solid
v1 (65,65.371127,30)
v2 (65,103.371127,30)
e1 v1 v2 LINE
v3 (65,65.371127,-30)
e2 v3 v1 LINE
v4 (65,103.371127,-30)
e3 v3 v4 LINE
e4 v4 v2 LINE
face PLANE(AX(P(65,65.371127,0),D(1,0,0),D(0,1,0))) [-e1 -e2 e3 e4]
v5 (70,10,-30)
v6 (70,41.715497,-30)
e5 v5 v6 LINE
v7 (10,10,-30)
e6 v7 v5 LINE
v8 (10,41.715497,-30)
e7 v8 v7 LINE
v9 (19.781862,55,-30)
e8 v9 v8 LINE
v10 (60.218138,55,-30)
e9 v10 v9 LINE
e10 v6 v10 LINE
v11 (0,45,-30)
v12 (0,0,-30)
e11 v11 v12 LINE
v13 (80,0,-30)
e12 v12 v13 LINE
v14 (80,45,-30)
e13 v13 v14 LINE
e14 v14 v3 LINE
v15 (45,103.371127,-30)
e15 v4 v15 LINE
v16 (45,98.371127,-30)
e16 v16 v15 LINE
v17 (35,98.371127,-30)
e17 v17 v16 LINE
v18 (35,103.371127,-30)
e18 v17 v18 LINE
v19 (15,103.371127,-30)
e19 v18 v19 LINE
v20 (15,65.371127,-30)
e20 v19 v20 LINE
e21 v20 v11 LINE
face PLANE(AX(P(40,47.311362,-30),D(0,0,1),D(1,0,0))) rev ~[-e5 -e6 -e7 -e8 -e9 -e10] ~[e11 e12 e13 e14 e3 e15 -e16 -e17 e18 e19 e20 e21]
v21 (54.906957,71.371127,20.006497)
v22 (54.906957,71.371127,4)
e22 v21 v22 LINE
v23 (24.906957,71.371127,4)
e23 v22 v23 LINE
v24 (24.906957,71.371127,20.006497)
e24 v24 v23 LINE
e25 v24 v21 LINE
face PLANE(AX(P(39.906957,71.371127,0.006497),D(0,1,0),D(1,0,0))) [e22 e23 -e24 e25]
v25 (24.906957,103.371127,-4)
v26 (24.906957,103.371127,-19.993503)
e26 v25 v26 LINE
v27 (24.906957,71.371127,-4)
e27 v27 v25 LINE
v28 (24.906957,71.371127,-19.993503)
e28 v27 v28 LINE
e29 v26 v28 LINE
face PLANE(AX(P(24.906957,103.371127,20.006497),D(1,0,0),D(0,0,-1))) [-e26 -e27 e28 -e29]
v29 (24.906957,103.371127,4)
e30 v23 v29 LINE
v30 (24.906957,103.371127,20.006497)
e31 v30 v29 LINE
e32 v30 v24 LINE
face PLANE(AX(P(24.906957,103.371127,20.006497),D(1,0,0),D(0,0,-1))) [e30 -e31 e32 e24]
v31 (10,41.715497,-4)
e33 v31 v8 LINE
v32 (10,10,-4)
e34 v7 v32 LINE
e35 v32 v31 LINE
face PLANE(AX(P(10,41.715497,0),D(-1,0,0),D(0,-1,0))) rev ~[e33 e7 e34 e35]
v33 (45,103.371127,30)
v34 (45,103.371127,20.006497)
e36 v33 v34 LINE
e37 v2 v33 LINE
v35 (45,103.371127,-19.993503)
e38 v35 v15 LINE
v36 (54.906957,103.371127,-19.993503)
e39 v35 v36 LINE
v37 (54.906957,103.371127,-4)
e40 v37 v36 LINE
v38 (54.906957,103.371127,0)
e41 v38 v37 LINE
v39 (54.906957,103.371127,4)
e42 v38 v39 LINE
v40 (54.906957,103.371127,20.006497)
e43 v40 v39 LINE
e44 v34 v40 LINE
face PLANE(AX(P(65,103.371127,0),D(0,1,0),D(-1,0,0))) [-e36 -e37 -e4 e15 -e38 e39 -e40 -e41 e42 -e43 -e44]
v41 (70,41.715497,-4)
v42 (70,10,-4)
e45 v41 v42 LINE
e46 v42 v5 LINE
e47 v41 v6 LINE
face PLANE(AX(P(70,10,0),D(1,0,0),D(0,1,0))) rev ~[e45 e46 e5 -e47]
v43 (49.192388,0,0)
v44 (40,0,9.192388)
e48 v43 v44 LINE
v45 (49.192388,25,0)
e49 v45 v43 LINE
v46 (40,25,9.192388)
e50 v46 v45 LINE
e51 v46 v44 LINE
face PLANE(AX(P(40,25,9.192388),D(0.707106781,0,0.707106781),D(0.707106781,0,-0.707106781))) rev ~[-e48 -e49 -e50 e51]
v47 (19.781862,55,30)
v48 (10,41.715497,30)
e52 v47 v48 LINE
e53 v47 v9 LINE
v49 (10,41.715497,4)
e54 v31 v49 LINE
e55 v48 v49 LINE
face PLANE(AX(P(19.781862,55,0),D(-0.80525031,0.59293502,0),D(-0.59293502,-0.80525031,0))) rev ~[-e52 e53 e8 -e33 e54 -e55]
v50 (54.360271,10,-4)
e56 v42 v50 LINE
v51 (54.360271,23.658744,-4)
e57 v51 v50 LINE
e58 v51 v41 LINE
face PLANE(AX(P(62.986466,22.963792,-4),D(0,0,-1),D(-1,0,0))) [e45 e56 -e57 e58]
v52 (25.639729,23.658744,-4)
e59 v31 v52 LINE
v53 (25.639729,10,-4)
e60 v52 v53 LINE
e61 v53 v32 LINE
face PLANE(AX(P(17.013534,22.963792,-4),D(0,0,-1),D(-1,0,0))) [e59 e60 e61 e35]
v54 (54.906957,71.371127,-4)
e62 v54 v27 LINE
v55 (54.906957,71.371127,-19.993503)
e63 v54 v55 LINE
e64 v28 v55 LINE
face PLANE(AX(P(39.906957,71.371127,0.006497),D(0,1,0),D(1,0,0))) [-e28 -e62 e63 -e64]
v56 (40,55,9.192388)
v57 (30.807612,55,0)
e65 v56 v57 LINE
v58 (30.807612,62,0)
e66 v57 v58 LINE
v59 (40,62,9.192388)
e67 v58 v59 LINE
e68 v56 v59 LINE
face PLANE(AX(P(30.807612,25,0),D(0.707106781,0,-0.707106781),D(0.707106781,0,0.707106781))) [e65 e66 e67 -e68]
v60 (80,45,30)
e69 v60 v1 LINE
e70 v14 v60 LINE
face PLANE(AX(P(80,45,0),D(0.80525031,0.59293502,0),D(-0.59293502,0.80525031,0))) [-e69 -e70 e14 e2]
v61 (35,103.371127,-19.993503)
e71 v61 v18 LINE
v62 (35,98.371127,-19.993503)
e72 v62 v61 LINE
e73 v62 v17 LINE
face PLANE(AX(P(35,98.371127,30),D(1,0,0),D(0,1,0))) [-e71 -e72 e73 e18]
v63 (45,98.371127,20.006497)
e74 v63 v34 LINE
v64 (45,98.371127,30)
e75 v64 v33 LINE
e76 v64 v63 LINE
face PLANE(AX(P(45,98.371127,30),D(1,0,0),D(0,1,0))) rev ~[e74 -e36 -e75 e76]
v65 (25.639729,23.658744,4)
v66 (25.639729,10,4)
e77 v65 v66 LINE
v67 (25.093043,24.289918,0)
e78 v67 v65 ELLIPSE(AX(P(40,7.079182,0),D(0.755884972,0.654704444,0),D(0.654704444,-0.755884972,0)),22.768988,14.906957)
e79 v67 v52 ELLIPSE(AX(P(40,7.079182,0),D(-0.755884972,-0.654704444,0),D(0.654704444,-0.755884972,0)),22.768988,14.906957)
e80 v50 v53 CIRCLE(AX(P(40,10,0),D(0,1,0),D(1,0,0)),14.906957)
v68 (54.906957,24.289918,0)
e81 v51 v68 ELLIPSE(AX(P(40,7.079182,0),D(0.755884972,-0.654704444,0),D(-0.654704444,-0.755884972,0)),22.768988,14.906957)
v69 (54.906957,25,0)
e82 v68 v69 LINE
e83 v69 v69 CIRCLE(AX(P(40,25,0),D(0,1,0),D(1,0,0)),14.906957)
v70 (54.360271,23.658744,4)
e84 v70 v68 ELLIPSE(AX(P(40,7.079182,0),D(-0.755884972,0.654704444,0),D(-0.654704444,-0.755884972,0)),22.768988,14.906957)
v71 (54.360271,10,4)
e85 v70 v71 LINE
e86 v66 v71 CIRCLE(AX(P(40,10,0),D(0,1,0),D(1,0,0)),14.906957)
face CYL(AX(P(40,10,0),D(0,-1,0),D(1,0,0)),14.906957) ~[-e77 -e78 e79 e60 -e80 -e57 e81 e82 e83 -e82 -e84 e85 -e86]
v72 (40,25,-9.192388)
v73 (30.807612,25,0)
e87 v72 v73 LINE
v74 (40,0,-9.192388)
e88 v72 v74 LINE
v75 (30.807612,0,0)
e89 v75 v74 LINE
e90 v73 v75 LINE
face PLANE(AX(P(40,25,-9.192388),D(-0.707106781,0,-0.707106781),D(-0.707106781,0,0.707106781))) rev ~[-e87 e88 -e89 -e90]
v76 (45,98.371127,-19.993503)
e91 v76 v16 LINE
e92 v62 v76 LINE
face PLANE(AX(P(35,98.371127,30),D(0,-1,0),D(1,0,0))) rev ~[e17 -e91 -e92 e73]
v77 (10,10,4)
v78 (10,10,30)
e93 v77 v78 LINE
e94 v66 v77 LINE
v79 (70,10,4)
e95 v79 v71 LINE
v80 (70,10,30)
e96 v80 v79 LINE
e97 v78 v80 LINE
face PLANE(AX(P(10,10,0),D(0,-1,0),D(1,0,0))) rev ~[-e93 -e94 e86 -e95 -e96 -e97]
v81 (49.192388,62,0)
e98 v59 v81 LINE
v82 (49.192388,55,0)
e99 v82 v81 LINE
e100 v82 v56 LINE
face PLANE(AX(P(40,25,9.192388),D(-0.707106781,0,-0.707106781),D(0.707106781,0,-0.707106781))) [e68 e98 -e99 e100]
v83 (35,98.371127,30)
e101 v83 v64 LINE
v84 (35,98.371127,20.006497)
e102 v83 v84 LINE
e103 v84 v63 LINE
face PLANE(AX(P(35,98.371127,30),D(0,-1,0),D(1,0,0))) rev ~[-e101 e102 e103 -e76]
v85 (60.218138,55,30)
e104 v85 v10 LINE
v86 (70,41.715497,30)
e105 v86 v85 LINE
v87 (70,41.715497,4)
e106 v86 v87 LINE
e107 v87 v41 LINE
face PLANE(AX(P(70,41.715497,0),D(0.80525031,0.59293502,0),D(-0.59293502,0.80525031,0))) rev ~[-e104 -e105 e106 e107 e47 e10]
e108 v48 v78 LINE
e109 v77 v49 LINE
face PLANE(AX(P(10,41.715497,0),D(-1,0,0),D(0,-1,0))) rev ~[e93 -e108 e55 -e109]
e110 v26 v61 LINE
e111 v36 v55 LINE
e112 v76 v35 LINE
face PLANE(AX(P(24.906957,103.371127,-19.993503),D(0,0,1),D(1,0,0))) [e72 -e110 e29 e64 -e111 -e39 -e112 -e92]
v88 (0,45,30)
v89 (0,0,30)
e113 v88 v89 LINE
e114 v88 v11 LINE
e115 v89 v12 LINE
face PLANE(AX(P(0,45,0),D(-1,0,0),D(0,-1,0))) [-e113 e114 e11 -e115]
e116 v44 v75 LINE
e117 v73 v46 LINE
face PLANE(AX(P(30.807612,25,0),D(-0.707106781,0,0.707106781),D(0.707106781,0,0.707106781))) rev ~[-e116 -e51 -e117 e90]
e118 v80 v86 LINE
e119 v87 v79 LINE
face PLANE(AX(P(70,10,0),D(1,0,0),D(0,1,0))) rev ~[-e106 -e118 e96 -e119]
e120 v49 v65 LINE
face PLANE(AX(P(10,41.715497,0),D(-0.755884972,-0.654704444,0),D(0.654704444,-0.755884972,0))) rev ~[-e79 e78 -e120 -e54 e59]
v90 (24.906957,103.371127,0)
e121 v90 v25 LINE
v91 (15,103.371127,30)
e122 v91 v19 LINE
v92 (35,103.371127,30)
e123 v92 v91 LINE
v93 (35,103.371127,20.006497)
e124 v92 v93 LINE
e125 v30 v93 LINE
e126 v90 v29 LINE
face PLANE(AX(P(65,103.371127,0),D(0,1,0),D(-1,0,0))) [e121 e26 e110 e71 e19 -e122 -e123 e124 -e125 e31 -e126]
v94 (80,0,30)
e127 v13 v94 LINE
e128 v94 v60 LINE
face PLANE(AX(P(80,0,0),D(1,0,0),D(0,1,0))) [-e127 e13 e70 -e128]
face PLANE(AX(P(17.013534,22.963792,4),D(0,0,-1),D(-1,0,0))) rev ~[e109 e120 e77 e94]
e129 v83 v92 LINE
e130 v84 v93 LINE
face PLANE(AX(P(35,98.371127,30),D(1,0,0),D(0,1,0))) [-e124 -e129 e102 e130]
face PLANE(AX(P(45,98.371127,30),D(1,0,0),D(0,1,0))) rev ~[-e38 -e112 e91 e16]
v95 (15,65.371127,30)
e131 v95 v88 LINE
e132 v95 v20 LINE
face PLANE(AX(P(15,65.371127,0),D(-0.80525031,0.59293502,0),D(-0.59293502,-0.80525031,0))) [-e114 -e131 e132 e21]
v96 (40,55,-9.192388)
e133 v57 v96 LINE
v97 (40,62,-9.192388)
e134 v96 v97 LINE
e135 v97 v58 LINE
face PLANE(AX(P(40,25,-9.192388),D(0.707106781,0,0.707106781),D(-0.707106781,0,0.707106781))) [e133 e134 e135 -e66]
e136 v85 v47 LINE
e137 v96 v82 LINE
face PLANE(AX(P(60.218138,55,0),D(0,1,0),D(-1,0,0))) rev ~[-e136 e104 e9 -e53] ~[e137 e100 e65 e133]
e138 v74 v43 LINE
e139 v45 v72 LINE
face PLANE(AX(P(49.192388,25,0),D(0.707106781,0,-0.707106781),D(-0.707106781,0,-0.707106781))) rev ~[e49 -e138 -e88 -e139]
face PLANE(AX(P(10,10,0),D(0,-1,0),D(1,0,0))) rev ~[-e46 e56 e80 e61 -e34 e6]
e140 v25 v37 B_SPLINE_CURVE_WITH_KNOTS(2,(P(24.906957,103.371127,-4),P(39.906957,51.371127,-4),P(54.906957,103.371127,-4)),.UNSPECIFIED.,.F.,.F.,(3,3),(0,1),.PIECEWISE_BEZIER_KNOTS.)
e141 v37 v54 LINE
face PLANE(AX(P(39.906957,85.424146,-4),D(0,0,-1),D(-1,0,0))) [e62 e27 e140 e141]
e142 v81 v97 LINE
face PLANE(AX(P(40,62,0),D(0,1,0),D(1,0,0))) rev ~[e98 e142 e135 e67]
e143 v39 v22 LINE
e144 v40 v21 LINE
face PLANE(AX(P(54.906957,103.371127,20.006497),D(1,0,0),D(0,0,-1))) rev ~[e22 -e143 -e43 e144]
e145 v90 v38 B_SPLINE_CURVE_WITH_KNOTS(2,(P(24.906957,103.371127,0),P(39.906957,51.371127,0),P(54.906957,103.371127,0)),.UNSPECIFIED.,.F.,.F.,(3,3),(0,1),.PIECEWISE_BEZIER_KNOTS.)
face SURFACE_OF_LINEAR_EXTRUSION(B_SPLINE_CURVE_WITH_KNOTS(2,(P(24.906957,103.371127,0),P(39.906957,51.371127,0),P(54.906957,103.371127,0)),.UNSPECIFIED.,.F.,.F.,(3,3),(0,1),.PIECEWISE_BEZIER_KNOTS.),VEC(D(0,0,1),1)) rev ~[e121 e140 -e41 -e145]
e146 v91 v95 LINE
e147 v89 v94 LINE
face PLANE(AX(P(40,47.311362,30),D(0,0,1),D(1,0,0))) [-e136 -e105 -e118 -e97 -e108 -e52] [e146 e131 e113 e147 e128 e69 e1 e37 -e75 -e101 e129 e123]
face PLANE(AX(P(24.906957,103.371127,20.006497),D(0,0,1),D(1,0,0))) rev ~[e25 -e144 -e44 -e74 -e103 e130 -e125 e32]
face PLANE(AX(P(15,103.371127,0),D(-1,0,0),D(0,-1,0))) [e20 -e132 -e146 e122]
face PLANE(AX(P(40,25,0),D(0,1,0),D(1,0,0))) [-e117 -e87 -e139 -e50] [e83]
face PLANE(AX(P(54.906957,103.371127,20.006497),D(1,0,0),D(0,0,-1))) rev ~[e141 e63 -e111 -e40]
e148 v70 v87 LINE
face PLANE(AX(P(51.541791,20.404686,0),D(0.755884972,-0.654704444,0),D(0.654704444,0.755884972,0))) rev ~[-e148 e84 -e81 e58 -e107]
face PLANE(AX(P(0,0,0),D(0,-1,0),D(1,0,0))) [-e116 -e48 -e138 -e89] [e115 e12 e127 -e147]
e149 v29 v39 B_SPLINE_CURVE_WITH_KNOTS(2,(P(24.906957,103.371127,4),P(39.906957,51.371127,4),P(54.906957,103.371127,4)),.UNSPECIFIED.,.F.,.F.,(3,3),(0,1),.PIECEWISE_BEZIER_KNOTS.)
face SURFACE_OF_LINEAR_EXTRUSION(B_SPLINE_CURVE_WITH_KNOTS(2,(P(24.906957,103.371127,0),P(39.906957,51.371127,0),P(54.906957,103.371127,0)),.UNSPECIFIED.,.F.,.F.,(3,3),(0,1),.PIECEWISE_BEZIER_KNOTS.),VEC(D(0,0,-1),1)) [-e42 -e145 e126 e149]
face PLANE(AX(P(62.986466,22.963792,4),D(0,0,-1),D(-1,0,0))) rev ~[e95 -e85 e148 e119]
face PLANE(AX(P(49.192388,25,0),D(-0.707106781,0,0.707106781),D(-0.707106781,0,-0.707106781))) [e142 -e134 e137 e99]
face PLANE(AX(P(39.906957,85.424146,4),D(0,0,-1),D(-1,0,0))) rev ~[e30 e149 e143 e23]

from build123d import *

# Parameters (mm, degrees)
EXTRUDE_1_DEPTH          = 30
EXTRUDE_1_DEPTH_BACK     = 30
SKETCH_2_W               = 30
SKETCH_2_H               = 40
CUT_EXTRUDE_1_DEPTH      = 32
SKETCH_3_W               = 10
SKETCH_3_H               = 10
CUT_EXTRUDE_2_DEPTH      = 61
SKETCH_4_R               = 14.906957443
EXTRUDE_2_DEPTH          = 15
CUT_EXTRUDE_3_DEPTH      = 37
CUT_EXTRUDE_3_DEPTH_BACK = 26
EXTRUDE_3_DEPTH          = 4
EXTRUDE_3_DEPTH_BACK     = 4
EXTRUDE_4_DEPTH          = 4
EXTRUDE_4_DEPTH_BACK     = 4


with BuildPart() as part:
    # Эскиз1 → Бобышка-Вытянуть1 (new body, two sides)
    with BuildSketch(Plane.XY) as extrude_1_sk:
        Polygon((0, 0), (80, 0), (80, 45), (65, 65.371127092), (65, 103.371127092), (40, 103.371127092), (15, 103.371127092), (15, 65.371127092), (0, 45), align=None)
        Polygon((10, 10), (70, 10), (70, 41.715496922), (60.218138384, 55), (19.781861616, 55), (10, 41.715496922), align=None, mode=Mode.SUBTRACT)
    extrude(amount=EXTRUDE_1_DEPTH)
    extrude(extrude_1_sk.sketch, amount=-EXTRUDE_1_DEPTH_BACK)

    # Эскиз2 → Вырез-Вытянуть1 (cut)
    with BuildSketch(Plane(origin=(0, 103.371127092, 0), x_dir=(1, 0, 0), z_dir=(0, 1, 0))):
        with Locations((39.906957443, -0.006497208)):
            Rectangle(SKETCH_2_W, SKETCH_2_H)
    extrude(amount=-CUT_EXTRUDE_1_DEPTH, mode=Mode.SUBTRACT)

    # Эскиз3 → Вырез-Вытянуть2 (cut, through all)
    with BuildSketch(Plane.XY.offset(30)):
        with Locations((40, 103.371127092)):
            Rectangle(SKETCH_3_W, SKETCH_3_H)
    extrude(amount=-CUT_EXTRUDE_2_DEPTH, mode=Mode.SUBTRACT)

    # Эскиз4 → Бобышка-Вытянуть2 (add)
    with BuildSketch(Plane(origin=(0, 10, 0), x_dir=(1, 0, 0), z_dir=(0, 1, 0))):
        with Locations((40, 0)):
            Circle(SKETCH_4_R)
    extrude(amount=EXTRUDE_2_DEPTH)

    # Эскиз5 → Вырез-Вытянуть3 (cut, two sides)
    with BuildSketch(Plane(origin=(0, 25, 0), x_dir=(1, 0, 0), z_dir=(0, 1, 0))) as cut_extrude_3_sk:
        Polygon((40, 9.192388155), (30.807611845, 0), (40, -9.192388155), (49.192388155, 0), align=None)
    extrude(amount=CUT_EXTRUDE_3_DEPTH, mode=Mode.SUBTRACT)
    extrude(cut_extrude_3_sk.sketch, amount=-CUT_EXTRUDE_3_DEPTH_BACK, mode=Mode.SUBTRACT)

    # Эскиз6 → Бобышка-Вытянуть3 (add, two sides)
    with BuildSketch(Plane.XY) as extrude_3_sk:
        Polygon((70, 10), (51.541791272, 10), (51.541791272, 20.404686065), (70, 41.715496922), align=None)
        Polygon((10, 10), (10, 41.715496922), (28.458208728, 20.404686065), (28.458208728, 10), align=None)
    extrude(amount=EXTRUDE_3_DEPTH)
    extrude(extrude_3_sk.sketch, amount=-EXTRUDE_3_DEPTH_BACK)

    # Эскиз8 → Бобышка-Вытянуть4 (add, two sides)
    with BuildSketch(Plane.XY) as extrude_4_sk:
        with BuildLine():
            Line((54.906957443, 103.371127092), (54.906957443, 77.371127092))
            Line((54.906957443, 77.371127092), (54.906957443, 71.371127092))
            Line((54.906957443, 71.371127092), (24.906957443, 71.371127092))
            Line((24.906957443, 71.371127092), (24.906957443, 77.371127092))
            Line((24.906957443, 77.371127092), (24.906957443, 103.371127092))
            add(Edge.make_bspline(
                [(24.906957443, 103.371127092), (39.906957443, 51.371127092), (54.906957443, 103.371127092)],
                knots=[0, 0, 0, 1, 1, 1], degree=2))
        make_face()
    extrude(amount=EXTRUDE_4_DEPTH)
    extrude(extrude_4_sk.sketch, amount=-EXTRUDE_4_DEPTH_BACK)


solid = part.part
